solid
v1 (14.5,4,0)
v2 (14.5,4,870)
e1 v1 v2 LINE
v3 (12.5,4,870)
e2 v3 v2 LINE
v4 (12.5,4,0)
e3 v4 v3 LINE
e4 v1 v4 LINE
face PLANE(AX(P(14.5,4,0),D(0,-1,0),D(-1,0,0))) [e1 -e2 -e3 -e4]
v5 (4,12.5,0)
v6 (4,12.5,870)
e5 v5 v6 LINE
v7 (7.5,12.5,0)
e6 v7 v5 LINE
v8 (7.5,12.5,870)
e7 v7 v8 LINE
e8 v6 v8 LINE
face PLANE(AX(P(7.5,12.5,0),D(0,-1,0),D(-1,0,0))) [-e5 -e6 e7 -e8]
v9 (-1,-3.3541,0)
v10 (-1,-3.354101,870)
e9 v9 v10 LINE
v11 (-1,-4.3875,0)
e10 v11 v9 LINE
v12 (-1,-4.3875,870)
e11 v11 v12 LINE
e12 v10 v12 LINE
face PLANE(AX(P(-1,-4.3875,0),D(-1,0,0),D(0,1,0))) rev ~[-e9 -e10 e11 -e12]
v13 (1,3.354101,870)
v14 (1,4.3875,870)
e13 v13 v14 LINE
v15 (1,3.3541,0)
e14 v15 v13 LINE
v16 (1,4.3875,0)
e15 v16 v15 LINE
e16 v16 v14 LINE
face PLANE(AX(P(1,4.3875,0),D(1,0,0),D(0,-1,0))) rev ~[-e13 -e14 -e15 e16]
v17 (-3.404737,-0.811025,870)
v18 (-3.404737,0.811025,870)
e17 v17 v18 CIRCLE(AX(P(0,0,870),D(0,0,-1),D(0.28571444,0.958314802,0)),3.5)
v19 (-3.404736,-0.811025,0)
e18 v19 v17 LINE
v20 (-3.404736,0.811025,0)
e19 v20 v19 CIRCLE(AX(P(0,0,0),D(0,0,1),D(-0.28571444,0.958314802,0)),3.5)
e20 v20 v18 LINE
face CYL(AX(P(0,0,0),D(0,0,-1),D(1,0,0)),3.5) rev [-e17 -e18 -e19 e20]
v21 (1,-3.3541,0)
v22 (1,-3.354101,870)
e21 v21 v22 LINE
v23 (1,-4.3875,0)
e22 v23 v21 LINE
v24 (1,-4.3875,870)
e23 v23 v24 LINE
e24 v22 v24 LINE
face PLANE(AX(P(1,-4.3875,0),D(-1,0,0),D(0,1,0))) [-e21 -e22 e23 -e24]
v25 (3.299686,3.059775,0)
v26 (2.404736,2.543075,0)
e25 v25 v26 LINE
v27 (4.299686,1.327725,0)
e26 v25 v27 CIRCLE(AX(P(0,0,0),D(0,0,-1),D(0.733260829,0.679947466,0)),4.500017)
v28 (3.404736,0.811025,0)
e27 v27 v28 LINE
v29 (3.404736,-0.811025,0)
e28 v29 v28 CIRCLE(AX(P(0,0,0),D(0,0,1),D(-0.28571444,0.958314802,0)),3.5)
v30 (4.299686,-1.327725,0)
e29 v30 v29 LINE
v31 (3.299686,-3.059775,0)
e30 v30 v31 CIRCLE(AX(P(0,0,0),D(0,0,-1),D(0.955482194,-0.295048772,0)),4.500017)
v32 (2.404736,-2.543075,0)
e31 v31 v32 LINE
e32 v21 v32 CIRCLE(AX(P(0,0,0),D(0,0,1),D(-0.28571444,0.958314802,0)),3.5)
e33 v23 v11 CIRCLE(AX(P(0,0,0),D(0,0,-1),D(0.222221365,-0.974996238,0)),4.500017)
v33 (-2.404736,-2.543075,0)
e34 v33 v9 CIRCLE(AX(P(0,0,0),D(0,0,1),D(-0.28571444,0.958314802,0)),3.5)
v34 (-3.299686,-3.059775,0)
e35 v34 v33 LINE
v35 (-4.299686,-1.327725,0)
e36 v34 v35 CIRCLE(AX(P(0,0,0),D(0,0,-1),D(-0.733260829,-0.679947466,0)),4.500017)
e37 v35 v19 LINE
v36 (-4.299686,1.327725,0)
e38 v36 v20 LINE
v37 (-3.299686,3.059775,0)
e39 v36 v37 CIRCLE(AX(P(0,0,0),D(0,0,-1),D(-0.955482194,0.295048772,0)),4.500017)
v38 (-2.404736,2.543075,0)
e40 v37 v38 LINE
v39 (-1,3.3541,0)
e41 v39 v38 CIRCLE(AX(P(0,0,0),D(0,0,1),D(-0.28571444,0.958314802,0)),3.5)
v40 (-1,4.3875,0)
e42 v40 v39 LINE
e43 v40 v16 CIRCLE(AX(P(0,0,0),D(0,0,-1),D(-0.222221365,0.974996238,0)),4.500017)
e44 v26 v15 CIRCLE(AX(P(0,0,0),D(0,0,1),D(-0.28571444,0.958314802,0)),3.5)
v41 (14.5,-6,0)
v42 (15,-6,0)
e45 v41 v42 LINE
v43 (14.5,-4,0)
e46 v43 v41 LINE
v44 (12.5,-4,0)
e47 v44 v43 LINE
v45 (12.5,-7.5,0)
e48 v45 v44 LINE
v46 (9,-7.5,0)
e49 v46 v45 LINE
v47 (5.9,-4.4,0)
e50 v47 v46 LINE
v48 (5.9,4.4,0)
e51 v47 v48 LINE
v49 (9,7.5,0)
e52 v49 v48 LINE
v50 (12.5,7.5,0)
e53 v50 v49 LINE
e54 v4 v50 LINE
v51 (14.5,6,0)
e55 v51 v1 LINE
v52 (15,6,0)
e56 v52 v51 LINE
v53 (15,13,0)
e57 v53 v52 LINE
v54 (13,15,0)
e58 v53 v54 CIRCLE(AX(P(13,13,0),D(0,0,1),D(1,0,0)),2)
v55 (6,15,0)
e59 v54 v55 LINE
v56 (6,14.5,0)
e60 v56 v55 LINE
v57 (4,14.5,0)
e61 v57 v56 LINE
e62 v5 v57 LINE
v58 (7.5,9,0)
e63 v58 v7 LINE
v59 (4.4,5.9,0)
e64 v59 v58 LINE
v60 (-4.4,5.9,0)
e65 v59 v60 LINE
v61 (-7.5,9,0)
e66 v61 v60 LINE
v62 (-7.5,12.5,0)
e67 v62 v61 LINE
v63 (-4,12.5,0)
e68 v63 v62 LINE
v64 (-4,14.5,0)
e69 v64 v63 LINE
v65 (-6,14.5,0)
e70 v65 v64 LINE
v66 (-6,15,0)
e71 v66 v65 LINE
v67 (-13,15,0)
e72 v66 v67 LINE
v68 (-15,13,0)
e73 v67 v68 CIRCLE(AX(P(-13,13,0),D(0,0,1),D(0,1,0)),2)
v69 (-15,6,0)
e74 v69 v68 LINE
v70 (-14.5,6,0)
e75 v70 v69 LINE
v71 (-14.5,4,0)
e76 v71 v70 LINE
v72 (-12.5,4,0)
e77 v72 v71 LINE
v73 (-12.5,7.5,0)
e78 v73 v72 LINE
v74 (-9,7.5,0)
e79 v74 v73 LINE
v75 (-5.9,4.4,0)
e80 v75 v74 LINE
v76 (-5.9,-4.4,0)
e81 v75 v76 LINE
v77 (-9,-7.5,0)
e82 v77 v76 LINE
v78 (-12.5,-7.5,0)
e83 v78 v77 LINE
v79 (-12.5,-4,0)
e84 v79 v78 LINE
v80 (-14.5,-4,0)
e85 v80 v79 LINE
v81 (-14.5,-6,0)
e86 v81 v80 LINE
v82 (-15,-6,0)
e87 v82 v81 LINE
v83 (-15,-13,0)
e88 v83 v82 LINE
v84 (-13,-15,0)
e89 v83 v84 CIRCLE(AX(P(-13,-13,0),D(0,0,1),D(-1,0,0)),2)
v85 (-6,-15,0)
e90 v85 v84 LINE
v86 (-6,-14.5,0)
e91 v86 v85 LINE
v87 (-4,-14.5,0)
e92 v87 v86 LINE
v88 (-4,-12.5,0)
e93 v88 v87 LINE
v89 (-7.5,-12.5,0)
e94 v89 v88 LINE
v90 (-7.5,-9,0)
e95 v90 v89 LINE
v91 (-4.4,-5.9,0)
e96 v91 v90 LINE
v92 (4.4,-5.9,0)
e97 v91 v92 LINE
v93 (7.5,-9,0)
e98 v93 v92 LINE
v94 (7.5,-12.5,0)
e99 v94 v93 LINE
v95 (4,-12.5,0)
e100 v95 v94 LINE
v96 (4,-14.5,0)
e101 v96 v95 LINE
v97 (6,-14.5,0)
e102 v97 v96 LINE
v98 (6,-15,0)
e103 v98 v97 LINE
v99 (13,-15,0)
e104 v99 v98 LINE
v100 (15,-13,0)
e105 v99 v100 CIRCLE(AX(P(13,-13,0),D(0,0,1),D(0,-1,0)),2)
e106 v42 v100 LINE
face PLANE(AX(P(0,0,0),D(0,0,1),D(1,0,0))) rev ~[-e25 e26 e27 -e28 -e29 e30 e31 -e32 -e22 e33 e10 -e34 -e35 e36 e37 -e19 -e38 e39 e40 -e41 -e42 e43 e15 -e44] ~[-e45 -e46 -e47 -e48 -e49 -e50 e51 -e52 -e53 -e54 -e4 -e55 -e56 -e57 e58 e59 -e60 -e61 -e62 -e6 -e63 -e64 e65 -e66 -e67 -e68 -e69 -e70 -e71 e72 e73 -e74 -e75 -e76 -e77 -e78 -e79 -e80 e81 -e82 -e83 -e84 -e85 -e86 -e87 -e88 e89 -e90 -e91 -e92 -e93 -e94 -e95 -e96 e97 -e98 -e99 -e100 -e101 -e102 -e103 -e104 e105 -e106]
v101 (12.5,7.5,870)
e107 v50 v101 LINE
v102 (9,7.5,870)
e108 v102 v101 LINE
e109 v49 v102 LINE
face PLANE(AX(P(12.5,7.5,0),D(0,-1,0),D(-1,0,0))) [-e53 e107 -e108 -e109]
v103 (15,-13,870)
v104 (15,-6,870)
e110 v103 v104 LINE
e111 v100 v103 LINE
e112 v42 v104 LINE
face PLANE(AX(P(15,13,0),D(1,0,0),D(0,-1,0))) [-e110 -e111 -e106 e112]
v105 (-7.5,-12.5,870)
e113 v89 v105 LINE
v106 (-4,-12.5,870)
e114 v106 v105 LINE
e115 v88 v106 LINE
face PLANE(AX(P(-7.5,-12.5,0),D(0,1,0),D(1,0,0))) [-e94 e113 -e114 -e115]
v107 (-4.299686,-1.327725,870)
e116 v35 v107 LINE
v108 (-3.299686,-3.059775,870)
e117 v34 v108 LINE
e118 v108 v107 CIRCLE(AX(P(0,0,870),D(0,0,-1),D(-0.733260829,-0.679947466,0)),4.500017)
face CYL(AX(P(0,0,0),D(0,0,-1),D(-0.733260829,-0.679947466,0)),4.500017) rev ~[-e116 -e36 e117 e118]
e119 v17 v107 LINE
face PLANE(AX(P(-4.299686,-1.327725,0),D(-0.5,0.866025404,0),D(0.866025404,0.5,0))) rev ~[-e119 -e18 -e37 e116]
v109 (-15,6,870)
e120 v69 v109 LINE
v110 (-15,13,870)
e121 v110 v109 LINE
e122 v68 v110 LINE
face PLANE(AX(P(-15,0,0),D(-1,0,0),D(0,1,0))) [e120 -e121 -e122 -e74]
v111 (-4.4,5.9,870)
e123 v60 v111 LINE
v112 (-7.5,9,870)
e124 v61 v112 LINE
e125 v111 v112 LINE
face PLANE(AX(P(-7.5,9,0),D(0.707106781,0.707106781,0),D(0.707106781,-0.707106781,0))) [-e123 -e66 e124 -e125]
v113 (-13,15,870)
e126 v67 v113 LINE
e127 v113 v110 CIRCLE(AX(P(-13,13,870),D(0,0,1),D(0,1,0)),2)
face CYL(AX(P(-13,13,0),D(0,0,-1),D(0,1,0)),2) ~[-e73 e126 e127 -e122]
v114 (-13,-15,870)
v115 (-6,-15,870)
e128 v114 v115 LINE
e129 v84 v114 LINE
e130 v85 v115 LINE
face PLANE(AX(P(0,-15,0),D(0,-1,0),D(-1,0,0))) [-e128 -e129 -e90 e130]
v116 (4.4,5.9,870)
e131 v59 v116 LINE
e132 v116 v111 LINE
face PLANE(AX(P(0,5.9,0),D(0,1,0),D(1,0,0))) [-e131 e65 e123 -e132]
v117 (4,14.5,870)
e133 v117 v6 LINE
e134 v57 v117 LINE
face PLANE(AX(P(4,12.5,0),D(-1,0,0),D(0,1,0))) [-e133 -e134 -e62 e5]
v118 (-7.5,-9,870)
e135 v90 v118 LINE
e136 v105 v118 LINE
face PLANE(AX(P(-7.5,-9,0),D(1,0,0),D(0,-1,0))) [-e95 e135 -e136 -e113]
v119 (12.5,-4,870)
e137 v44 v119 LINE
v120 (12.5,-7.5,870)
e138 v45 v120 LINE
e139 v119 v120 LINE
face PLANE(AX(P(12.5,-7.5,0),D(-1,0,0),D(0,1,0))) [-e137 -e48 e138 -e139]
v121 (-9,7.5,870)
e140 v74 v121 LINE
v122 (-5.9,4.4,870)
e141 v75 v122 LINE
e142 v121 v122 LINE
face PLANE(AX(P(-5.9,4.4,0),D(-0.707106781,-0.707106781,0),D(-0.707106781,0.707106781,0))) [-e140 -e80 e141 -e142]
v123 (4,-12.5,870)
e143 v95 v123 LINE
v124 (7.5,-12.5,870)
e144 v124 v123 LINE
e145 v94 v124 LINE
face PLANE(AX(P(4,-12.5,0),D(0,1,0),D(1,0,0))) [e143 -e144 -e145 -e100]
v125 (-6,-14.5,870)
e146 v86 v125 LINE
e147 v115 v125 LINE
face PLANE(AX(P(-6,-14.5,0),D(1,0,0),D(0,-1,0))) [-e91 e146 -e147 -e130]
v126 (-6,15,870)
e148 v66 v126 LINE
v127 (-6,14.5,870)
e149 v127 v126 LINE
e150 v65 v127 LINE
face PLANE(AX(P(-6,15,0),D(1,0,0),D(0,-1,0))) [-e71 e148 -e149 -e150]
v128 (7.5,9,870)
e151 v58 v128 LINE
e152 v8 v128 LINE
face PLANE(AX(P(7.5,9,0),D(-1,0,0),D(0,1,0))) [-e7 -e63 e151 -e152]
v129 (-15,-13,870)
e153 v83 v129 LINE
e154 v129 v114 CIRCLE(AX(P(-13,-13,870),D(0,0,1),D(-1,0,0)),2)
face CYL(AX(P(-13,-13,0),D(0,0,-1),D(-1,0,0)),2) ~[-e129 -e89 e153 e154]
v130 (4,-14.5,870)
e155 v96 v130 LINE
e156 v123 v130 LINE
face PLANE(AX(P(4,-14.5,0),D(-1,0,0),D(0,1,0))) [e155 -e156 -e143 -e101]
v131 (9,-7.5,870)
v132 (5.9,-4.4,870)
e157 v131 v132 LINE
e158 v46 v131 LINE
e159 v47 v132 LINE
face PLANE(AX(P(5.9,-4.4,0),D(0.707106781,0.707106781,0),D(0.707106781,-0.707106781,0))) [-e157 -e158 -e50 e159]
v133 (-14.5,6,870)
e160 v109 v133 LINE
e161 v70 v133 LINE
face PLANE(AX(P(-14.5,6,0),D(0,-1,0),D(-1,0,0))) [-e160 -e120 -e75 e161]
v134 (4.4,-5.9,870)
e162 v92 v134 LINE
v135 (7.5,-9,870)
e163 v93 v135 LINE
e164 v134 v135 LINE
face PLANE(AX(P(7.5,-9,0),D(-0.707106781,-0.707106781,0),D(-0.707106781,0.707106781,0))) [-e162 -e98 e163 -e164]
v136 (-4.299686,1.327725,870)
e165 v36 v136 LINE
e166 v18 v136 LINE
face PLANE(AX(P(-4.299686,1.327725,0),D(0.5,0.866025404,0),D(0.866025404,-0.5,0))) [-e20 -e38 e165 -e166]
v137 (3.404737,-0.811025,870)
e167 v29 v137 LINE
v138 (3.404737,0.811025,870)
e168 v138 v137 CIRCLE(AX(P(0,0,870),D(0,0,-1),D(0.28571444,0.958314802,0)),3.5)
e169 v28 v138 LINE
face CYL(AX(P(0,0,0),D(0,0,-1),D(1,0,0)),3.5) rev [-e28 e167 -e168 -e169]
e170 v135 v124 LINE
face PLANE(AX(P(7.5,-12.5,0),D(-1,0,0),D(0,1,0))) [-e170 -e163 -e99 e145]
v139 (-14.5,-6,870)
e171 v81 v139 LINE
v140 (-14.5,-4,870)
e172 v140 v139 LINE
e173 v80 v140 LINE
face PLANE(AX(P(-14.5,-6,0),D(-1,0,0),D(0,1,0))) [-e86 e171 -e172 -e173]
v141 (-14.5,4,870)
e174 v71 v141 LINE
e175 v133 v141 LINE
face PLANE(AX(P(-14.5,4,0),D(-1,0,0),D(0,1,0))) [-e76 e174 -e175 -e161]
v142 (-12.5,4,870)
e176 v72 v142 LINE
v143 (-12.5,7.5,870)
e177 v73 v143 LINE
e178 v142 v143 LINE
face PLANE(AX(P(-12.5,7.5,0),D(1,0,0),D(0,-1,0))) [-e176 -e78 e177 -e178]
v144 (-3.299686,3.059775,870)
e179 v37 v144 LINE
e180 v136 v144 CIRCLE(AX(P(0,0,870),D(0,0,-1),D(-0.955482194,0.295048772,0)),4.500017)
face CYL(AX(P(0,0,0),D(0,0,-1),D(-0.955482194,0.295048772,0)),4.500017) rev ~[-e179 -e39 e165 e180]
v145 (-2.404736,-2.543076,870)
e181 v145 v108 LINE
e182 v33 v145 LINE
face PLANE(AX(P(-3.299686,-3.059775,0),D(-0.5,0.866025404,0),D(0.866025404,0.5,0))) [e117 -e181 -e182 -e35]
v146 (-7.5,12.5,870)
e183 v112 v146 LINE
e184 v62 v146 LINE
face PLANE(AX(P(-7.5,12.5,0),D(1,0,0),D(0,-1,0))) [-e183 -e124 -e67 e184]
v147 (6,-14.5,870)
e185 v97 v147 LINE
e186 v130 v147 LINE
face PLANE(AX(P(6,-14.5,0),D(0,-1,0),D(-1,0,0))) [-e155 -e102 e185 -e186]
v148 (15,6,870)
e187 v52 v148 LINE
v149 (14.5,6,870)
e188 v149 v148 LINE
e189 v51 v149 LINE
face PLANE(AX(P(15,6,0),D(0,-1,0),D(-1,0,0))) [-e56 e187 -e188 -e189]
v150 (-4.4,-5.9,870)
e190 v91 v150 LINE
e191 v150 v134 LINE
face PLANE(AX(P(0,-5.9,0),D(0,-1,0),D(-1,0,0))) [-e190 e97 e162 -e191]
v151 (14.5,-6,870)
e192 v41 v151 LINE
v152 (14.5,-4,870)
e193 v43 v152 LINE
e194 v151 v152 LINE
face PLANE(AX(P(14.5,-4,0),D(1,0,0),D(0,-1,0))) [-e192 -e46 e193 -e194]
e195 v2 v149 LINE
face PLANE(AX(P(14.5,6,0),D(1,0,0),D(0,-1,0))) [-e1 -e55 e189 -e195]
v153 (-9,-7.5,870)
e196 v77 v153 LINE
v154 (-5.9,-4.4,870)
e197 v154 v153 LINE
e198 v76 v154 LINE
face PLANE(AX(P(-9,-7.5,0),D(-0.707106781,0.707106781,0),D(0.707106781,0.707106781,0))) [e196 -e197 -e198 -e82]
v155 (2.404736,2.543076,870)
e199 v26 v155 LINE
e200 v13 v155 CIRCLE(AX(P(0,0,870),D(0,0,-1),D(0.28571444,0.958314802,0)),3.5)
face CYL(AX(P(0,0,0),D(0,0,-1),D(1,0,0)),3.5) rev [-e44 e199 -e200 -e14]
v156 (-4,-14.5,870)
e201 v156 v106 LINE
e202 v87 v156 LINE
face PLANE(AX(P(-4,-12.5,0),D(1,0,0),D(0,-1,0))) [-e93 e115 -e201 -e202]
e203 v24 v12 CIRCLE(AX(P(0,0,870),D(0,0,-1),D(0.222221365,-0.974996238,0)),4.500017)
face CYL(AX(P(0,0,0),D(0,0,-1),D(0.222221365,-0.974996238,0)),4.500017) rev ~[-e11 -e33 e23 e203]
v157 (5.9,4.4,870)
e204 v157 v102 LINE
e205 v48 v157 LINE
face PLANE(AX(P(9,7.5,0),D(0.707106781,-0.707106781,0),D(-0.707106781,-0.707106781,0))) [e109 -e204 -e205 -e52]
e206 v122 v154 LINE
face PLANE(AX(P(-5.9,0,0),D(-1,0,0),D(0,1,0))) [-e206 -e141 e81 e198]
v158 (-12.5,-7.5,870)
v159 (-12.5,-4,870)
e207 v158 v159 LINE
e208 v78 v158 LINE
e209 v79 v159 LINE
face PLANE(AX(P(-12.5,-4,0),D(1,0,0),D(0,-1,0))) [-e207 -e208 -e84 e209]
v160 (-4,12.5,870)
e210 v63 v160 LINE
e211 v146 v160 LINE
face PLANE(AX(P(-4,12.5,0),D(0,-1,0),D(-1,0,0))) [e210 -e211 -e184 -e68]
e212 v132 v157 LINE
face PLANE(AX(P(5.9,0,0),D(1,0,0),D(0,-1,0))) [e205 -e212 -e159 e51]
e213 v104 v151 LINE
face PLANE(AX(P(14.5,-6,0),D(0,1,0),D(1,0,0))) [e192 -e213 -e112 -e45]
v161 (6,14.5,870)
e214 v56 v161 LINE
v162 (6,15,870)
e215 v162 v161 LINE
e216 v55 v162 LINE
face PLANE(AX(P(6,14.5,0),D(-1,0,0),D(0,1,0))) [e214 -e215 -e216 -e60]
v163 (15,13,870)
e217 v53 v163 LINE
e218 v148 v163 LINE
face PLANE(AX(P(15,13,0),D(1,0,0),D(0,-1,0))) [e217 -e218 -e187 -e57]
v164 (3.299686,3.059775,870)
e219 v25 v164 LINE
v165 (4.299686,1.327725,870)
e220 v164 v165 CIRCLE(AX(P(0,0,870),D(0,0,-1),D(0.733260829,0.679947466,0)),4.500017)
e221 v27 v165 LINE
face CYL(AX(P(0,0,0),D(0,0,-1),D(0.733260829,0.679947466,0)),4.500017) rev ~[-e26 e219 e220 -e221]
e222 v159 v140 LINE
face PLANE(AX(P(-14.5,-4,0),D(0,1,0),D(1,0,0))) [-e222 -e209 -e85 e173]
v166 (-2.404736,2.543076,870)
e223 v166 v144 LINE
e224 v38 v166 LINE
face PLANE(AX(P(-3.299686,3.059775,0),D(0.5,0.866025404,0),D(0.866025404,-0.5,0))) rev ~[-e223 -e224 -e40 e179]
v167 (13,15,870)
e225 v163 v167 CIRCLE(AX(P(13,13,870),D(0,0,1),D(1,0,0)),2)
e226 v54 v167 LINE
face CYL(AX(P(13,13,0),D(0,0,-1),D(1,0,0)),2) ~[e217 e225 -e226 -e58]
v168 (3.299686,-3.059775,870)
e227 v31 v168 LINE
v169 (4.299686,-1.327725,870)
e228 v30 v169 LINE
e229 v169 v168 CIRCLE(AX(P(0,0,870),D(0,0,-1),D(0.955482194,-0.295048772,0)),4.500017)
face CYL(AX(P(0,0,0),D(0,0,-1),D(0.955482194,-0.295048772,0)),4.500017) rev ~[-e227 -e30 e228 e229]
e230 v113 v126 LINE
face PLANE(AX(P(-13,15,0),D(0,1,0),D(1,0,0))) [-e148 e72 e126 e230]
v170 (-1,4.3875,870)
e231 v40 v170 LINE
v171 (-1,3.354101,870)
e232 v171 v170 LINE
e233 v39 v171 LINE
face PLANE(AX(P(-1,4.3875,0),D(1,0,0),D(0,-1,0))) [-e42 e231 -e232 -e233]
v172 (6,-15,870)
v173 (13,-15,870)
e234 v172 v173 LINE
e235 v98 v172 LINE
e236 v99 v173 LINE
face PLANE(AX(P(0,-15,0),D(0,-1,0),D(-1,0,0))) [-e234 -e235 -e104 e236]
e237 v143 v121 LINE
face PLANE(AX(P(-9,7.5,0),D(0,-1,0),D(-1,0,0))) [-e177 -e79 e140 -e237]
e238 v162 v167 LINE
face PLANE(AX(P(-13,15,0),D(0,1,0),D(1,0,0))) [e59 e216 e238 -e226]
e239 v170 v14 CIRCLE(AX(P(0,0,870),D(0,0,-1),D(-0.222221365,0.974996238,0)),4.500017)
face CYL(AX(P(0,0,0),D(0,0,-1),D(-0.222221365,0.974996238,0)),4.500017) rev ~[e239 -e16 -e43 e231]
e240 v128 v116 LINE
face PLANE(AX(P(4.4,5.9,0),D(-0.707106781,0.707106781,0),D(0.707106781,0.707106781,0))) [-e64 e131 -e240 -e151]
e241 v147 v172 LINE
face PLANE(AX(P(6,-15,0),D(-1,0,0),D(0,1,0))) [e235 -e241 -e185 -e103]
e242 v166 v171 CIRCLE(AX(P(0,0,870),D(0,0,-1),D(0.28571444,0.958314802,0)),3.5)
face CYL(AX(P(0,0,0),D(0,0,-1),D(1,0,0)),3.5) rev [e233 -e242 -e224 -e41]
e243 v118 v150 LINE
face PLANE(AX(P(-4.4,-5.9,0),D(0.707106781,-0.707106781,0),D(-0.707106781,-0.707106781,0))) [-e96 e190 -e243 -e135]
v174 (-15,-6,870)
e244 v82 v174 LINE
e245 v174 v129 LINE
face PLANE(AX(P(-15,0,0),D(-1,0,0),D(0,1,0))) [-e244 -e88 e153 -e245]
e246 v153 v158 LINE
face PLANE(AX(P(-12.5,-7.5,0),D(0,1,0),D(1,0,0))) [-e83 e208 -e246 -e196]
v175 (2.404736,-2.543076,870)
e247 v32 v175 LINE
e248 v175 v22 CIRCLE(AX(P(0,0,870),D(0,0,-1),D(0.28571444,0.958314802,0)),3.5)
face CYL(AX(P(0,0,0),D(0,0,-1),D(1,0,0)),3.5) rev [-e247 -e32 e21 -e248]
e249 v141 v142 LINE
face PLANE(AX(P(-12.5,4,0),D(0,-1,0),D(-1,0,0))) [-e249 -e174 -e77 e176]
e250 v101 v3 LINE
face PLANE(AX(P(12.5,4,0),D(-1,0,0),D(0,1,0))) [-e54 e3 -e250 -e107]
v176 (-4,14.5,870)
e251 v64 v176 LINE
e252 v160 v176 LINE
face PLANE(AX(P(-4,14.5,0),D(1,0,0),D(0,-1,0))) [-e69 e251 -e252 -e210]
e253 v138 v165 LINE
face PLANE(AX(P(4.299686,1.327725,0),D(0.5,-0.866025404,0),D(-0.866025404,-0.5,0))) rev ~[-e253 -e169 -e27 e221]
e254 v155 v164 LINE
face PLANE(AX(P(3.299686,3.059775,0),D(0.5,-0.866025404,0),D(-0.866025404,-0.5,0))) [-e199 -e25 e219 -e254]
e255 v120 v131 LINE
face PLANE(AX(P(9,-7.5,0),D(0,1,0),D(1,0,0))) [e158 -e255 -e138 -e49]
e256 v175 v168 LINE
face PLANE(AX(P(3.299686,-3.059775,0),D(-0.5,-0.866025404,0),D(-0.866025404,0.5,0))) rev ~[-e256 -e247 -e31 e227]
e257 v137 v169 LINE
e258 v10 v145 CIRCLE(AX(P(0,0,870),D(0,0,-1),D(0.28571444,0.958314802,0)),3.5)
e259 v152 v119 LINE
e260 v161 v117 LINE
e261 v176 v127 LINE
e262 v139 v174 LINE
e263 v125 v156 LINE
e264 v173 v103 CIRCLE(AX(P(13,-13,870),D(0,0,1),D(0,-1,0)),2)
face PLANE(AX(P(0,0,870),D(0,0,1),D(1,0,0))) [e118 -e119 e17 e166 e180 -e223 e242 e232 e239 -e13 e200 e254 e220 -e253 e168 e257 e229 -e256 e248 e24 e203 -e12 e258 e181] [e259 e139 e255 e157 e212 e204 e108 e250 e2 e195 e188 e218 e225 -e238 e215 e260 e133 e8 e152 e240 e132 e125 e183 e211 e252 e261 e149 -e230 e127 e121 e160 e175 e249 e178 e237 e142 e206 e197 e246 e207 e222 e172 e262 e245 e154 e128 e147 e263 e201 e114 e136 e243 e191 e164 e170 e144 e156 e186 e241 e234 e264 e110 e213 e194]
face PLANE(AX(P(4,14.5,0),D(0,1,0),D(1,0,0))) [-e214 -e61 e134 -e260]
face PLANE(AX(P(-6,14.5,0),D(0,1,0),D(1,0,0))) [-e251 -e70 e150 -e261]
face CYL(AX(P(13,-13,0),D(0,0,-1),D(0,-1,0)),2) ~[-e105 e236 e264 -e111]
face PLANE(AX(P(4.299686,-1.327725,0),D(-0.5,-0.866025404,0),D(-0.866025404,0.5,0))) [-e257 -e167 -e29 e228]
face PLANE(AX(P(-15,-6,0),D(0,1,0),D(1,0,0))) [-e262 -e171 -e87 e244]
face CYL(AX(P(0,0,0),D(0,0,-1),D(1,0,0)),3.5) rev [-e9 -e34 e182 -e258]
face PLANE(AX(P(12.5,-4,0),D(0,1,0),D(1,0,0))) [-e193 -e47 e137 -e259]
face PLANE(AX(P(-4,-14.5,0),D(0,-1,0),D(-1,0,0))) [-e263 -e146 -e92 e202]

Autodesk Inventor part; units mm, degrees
ref_plane "YZ Plane" through (0, 0, 0) normal (1, 0, 0) x (0, 1, 0)
ref_plane "XZ Plane" through (0, 0, 0) normal (0, 1, 0) x (-1, 0, 0)
ref_plane "XY Plane" through (0, 0, 0) normal (0, 0, 1) x (1, 0, 0)
sketch "Skizze1" plane through (0, 0, 0) normal (0, 0, 1) x (1, 0, 0)
  line L0 (-13, 15) -> (13, 15)
  line L1 (15, 13) -> (15, -13)
  line L2 (13, -15) -> (-13, -15)
  line L3 (-15, -13) -> (-15, 13)
  circle A0 centre (0, 0) radius 3.5
  line L4 (-21.5799, 0) -> (21.5799, 0) projected
  line L5 (0, -21.5799) -> (0, 21.5799) projected
  arc A1 (15, 13) -> (13, 15) centre (13, 13) ccw
  arc A2 (-13, 15) -> (-15, 13) centre (-13, 13) ccw
  arc A3 (-15, -13) -> (-13, -15) centre (-13, -13) ccw
  arc A4 (13, -15) -> (15, -13) centre (13, -13) ccw
  point P0 (-15, 15)
  point P1 (15, 15)
  point P2 (-15, -15)
  dimension "d0" = 30
  dimension "d1" = 30
  dimension "d2" = 7
  dimension "d3" = 2
extrude "Extrusion1" add sketch "Skizze1" along normal blind 870 contours L0 L5 A0 L4 L3 A2 | L0 A1 L1 L4 A0 L5 | L4 A0 L5 L2 A3 L3 | L4 L1 A4 L2 L5 A0
sketch "Skizze2" plane through (0, 0, 0) normal (0, 0, -1) x (-1, 0, 0)
  line L0 (13, -15) -> (-13, -15) projected
  line L1 (21, 0) -> (-21, 0) projected
  line L2 (0, -21) -> (0, 21) projected
  line L3 (-6, -15) -> (-6, -14.5)
  line L4 (-6, -14.5) -> (-4, -14.5)
  line L5 (-4, -14.5) -> (-4, -12.5)
  line L6 (-4, -12.5) -> (-7.5, -12.5)
  line L7 (-7.5, -12.5) -> (-7.5, -9)
  line L8 (-7.5, -9) -> (-4.4, -5.9)
  line L9 (-4.4, -5.9) -> (4.4, -5.9)
  line L10 (4.4, -5.9) -> (7.5, -9)
  line L11 (7.5, -9) -> (7.5, -12.5)
  line L12 (7.5, -12.5) -> (4, -12.5)
  line L13 (4, -12.5) -> (4, -14.5)
  line L14 (4, -14.5) -> (6, -14.5)
  line L15 (6, -14.5) -> (6, -15)
  dimension "d6" = 8
  dimension "d7" = 15
  dimension "d8" = 12
  dimension "d9" = 0.5
  dimension "d10" = 9.1
  dimension "d11" = 135
  dimension "d12" = 2.5
  dimension "d13" = 3.5
extrude "Extrusion2" cut sketch "Skizze2" against normal through all
pattern_circular "Runde Anordnung1" count 4 over 360 about axis through (0, 0, 0) along (0, 0, 1) of "Extrusion2"
sketch "Skizze3" plane through (0, 0, 0) normal (0, 0, -1) x (-1, 0, 0)
  circle A0 centre (0, 0) radius 3.5 projected
  line L0 (21, 0) -> (-21, 0) projected
  line L1 (0, -21) -> (0, 21) projected
  line L2 (-1, 4.3875) -> (-1, 3.3541)
  line L3 (1, 4.3875) -> (1, 3.3541)
  arc A1 (1, 4.3875) -> (-1, 4.3875) centre (0, 0) ccw
  dimension "d20" = 2
  dimension "d21" = 2
  dimension "d22" = 4.5
extrude "Extrusion3" cut sketch "Skizze3" against normal through all contours A0 L1 A1 L3 | A0 L2 A1 L1
pattern_circular "Runde Anordnung2" count 6 over 360 about axis through (0, 0, 0) along (0, 0, 1) of "Extrusion3"
properties part number "Alu-Profil Nut 8 30x30 870"
